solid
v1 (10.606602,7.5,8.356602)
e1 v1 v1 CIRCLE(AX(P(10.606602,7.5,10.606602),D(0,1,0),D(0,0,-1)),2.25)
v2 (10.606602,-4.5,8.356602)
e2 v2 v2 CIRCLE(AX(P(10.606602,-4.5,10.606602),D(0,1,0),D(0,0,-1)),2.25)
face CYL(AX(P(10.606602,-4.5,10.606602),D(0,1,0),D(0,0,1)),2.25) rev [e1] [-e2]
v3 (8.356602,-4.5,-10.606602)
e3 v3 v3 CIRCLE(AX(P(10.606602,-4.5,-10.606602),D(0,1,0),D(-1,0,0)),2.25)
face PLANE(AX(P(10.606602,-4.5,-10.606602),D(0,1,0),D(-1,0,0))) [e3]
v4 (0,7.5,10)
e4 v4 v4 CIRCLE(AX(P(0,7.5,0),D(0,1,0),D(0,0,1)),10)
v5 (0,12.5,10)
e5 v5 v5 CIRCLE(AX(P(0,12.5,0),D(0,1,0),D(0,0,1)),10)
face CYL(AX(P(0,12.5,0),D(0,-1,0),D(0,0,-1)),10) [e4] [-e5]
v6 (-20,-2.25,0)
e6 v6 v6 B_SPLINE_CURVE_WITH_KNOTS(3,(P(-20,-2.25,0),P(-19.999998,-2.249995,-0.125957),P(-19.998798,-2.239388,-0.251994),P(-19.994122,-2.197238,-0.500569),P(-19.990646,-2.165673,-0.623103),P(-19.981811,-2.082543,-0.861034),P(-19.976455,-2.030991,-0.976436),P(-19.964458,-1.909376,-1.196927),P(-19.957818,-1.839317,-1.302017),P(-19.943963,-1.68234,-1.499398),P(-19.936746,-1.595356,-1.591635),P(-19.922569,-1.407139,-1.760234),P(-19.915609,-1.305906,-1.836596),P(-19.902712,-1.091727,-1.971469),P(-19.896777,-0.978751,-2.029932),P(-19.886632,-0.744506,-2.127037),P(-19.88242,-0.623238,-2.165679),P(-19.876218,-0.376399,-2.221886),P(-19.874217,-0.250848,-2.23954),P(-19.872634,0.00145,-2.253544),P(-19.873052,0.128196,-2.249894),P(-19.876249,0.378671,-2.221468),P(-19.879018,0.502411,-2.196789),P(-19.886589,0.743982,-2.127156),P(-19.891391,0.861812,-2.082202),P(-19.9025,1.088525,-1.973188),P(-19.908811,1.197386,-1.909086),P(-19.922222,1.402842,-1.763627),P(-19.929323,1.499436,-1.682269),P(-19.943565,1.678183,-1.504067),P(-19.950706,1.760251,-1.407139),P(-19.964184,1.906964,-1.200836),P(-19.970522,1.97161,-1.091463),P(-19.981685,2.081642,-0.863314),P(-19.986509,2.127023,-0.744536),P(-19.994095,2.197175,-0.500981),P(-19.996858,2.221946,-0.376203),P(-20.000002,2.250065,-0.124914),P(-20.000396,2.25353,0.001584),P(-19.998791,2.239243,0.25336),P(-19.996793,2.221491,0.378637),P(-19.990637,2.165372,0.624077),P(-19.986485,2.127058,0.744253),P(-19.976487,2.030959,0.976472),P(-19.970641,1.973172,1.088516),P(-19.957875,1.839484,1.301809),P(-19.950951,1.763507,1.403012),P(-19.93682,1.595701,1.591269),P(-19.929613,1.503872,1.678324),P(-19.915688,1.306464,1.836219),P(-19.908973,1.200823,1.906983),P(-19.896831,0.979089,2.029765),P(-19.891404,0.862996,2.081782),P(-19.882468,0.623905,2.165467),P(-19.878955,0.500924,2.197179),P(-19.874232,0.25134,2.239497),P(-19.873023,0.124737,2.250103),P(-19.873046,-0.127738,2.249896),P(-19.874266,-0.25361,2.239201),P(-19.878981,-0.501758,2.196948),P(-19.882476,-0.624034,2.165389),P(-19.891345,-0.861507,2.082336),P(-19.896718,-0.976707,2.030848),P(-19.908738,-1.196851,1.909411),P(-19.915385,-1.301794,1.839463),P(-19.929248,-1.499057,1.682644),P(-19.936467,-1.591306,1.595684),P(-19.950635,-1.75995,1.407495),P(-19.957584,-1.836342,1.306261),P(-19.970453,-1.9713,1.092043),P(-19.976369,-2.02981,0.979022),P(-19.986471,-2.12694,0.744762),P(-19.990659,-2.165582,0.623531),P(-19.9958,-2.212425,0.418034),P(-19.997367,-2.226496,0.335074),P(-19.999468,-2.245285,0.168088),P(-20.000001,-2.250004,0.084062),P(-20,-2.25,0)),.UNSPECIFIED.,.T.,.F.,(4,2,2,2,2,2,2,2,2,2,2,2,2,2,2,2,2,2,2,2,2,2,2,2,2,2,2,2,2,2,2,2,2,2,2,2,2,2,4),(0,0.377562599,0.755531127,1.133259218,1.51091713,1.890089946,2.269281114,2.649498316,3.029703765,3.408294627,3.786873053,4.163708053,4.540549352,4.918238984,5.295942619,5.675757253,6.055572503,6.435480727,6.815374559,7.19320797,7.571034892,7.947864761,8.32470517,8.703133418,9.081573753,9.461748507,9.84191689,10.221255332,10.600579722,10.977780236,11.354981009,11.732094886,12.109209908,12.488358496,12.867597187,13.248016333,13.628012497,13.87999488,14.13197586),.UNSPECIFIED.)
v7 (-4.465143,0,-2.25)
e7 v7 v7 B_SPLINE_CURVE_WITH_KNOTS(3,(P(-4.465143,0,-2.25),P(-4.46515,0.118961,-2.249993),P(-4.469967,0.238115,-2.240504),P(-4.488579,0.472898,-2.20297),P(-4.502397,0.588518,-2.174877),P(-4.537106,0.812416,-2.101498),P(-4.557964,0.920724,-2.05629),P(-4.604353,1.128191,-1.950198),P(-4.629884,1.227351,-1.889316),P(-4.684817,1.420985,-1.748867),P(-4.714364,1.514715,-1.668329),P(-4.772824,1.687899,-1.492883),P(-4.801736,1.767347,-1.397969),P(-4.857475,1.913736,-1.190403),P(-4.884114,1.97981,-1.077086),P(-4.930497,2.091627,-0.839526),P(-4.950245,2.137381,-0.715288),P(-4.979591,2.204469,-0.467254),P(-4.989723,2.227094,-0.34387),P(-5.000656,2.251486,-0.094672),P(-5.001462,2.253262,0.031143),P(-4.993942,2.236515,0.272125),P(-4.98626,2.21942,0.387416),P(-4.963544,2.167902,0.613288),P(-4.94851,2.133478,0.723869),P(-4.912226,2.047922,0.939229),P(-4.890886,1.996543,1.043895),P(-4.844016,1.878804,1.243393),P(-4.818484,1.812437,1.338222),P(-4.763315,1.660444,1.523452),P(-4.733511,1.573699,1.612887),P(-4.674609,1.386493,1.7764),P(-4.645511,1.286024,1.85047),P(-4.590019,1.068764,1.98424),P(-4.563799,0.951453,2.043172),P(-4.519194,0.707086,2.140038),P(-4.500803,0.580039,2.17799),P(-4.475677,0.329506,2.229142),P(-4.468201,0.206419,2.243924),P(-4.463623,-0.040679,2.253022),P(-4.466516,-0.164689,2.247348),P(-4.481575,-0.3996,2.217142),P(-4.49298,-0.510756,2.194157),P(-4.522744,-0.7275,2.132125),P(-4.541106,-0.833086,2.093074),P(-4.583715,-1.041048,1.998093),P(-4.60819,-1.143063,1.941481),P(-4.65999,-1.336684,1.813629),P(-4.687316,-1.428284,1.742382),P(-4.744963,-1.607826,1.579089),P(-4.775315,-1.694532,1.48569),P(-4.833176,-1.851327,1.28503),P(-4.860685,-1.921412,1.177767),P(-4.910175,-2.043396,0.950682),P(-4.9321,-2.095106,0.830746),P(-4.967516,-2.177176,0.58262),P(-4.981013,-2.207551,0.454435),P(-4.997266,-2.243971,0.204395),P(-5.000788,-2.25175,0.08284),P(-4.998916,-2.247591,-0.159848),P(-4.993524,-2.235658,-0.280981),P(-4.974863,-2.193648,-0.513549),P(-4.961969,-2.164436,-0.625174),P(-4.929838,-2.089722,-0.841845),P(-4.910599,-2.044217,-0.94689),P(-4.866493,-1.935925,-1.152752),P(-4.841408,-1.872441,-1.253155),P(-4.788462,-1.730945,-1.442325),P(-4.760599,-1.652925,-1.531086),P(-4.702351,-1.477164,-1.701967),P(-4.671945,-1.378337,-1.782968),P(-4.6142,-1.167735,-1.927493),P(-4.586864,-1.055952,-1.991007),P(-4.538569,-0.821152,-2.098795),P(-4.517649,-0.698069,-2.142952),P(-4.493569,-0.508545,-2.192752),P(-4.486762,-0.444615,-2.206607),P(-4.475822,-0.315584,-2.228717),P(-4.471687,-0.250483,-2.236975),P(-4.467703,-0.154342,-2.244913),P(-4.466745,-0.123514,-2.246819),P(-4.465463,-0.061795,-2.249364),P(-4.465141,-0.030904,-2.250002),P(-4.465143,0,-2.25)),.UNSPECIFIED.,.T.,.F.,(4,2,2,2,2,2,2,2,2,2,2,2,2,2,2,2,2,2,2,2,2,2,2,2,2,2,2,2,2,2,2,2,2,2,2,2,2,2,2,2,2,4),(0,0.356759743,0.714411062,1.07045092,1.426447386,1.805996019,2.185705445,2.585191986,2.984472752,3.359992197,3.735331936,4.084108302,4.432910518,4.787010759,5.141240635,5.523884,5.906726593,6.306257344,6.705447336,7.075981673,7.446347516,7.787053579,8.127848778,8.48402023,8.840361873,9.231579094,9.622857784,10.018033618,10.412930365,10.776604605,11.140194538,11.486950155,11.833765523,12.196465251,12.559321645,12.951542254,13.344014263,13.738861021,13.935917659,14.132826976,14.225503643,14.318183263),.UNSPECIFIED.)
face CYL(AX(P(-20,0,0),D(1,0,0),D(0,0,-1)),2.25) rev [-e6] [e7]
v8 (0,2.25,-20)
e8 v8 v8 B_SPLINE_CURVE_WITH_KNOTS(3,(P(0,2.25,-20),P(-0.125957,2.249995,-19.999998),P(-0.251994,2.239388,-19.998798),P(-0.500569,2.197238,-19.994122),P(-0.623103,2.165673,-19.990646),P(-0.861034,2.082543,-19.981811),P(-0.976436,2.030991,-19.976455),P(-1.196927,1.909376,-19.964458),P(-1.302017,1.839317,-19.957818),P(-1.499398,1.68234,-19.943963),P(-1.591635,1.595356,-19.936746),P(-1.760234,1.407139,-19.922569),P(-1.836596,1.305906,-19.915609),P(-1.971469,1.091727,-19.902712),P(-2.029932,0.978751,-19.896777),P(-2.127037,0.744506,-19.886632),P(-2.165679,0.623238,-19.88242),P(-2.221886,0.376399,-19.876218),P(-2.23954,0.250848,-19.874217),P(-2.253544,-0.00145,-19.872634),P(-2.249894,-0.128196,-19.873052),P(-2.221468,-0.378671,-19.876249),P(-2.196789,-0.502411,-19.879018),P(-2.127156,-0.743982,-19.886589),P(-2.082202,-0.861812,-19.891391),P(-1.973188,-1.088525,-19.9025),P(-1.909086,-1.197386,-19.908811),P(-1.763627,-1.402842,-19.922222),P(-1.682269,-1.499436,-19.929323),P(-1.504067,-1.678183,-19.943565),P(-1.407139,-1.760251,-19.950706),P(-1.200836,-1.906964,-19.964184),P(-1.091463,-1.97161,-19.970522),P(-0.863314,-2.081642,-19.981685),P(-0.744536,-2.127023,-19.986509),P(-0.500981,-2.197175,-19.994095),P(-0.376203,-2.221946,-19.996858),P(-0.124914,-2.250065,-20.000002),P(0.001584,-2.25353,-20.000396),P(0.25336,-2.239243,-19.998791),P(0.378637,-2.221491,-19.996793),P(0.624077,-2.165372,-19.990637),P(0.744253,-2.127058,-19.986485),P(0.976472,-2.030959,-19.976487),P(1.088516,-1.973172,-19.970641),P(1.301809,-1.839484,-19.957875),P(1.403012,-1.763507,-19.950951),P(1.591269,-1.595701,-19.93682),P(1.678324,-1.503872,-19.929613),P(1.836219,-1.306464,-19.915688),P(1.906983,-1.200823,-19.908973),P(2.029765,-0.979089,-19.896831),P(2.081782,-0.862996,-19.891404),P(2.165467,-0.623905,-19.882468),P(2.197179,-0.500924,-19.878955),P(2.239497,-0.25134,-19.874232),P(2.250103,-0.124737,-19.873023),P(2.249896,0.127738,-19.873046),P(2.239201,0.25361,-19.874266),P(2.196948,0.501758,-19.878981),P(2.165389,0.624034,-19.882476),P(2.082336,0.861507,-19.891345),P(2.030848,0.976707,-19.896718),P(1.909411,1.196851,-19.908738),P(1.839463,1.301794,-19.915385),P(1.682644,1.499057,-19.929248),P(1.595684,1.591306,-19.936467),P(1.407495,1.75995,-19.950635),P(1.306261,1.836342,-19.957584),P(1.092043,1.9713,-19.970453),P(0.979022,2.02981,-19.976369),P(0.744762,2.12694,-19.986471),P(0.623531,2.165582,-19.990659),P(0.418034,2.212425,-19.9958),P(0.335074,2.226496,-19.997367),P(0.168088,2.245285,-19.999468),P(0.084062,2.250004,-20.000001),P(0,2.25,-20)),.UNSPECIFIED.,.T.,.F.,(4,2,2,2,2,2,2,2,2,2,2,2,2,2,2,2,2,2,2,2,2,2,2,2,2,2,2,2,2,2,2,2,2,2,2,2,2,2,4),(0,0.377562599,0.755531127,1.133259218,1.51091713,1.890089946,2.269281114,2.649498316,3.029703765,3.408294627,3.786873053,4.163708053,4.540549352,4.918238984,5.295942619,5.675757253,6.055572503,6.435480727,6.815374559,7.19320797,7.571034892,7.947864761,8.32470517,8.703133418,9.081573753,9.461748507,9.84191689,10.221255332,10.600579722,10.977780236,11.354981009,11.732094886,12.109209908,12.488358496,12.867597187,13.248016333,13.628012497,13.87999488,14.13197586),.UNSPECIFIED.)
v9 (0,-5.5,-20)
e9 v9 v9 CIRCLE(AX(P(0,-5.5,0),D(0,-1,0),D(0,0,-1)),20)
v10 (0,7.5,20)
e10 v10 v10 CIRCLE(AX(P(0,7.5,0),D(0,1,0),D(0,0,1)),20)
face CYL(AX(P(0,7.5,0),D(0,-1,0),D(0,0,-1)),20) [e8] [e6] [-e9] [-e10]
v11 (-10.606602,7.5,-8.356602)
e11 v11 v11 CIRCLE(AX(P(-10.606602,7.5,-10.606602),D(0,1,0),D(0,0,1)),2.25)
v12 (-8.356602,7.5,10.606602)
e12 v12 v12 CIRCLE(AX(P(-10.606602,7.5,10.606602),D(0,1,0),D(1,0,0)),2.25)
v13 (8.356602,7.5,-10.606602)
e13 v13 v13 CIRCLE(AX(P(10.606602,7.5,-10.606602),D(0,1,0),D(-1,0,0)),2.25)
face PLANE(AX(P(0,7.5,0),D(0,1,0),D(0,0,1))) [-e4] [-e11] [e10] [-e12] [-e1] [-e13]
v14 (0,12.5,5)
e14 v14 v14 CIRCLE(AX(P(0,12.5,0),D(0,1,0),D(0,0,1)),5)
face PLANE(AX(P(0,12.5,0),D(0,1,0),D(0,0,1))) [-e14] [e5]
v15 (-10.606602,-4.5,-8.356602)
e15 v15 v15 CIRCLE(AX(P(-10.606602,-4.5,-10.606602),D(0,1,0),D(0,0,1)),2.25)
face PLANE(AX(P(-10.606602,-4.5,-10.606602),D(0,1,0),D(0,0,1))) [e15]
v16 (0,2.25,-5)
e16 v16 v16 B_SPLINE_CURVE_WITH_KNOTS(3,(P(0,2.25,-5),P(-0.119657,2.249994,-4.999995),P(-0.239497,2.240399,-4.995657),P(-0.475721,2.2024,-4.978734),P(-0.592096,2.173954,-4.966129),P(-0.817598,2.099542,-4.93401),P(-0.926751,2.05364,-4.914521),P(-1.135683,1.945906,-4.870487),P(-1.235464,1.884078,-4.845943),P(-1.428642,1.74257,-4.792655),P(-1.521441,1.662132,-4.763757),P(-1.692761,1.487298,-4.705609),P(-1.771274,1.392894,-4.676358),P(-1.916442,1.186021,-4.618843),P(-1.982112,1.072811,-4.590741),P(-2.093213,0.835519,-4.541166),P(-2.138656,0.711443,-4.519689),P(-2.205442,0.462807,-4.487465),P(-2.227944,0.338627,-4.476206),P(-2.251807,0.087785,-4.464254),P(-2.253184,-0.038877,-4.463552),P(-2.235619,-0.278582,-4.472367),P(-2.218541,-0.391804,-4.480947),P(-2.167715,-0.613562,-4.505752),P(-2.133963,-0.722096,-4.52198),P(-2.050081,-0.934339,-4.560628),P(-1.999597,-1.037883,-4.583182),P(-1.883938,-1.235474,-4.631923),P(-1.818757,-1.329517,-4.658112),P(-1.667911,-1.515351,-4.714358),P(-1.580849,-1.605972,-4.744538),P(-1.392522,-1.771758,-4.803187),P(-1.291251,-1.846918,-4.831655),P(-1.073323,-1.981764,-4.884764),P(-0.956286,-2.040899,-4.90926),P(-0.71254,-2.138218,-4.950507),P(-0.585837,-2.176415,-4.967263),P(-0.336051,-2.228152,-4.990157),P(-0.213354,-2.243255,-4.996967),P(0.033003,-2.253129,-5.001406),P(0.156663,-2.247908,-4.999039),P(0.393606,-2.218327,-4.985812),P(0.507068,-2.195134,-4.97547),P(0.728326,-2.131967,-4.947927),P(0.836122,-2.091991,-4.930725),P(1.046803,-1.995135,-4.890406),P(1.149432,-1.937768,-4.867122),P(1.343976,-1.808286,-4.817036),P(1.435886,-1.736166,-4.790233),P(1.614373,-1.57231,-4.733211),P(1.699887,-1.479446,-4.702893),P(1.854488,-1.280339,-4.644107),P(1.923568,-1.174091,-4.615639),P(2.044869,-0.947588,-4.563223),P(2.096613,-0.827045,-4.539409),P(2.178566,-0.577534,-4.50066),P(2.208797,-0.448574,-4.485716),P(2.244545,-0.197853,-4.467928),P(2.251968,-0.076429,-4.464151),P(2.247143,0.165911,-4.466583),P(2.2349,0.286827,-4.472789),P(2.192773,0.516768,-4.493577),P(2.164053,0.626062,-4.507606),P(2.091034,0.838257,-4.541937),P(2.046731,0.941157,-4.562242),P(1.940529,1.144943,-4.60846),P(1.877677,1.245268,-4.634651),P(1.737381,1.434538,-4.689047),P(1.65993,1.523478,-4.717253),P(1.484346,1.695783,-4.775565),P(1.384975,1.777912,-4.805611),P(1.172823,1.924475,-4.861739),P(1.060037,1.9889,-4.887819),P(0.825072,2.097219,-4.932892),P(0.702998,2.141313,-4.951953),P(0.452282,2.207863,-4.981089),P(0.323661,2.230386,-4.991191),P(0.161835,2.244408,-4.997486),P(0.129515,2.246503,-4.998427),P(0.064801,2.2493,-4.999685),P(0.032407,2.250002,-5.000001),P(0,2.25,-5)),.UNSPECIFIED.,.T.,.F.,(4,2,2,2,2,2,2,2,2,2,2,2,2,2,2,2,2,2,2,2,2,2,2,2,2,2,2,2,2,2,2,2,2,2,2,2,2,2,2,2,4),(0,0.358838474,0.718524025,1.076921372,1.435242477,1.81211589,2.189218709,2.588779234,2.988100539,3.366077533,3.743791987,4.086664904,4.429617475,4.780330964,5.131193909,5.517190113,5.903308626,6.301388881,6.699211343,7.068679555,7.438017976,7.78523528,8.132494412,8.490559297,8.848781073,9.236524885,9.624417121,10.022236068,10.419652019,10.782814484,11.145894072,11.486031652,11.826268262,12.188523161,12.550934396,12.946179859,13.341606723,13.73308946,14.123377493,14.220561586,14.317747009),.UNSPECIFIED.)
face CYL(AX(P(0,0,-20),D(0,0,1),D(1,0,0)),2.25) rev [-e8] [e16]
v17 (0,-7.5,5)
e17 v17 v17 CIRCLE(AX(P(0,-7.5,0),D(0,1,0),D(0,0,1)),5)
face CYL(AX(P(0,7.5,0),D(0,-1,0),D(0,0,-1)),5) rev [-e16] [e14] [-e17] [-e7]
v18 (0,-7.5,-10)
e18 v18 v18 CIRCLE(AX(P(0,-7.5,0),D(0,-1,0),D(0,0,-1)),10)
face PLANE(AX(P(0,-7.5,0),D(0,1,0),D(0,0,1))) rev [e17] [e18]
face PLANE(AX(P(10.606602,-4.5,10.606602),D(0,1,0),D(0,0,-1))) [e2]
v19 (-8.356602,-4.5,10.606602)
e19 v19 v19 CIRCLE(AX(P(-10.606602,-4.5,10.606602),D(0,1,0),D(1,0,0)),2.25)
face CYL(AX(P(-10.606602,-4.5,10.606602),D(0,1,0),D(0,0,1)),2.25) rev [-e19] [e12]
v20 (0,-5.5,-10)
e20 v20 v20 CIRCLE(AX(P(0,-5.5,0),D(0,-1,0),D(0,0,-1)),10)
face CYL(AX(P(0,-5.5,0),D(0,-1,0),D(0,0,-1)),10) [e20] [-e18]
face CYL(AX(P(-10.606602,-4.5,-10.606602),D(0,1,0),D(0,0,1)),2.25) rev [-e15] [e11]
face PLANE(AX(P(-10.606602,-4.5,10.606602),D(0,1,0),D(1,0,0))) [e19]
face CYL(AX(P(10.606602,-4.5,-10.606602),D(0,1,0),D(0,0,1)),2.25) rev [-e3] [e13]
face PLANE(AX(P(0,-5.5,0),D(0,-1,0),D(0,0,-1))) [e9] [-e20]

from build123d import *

# Parameters (mm, degrees)
SKETCH1_R           = 20
SKETCH1_R_2         = 5
BOSS_EXTRUDE1_DEPTH = 7.5
SKETCH2_R           = 2.25
CUT_EXTRUDE1_DEPTH  = 12
CIRPATTERN1_COUNT   = 4
SKETCH3_R           = 2.25
CUT_EXTRUDE2_DEPTH  = 21
CIRPATTERN2_COUNT   = 2
CIRPATTERN2_ANGLE   = 90
SKETCH4_R           = 23.708466839
SKETCH4_R_2         = 10
CUT_EXTRUDE3_DEPTH  = 2
SKETCH5_R           = 10
SKETCH5_R_2         = 5
BOSS_EXTRUDE2_DEPTH = 5


with BuildPart() as part:
    # Sketch1 → Boss-Extrude1 (new body, symmetric)
    with BuildSketch(Plane(origin=(0, 0, 0), x_dir=(1, 0, 0), z_dir=(0, 1, 0))):
        Circle(SKETCH1_R)
        Circle(SKETCH1_R_2, mode=Mode.SUBTRACT)
    extrude(amount=BOSS_EXTRUDE1_DEPTH, both=True)

    # Sketch2 → Cut-Extrude1 (cut)
    with BuildSketch(Plane(origin=(0, 7.5, 0), x_dir=(1, 0, 0), z_dir=(0, 1, 0))):
        with Locations((-10.606601718, 10.606601718)):
            Circle(SKETCH2_R)
    cut_extrude1 = extrude(amount=-CUT_EXTRUDE1_DEPTH, mode=Mode.SUBTRACT)

    # CirPattern1: Cut-Extrude1 ×4 about axis
    cirpattern1_axis = Axis((0, 0, 0), (0, 1, 0))
    for i in range(1, CIRPATTERN1_COUNT):
        add(cut_extrude1.rotate(cirpattern1_axis, i * 360 / CIRPATTERN1_COUNT), mode=Mode.SUBTRACT)

    # Sketch3 → Cut-Extrude2 (cut, through all)
    with BuildSketch(Plane.XY):
        Circle(SKETCH3_R)
    cut_extrude2 = extrude(amount=-CUT_EXTRUDE2_DEPTH, mode=Mode.SUBTRACT)

    # CirPattern2: Cut-Extrude2 ×2 about axis
    cirpattern2_axis = Axis((0, 7.5, 0), (0, 1, 0))
    for i in range(1, CIRPATTERN2_COUNT):
        add(cut_extrude2.rotate(cirpattern2_axis, i * CIRPATTERN2_ANGLE / (CIRPATTERN2_COUNT - 1)), mode=Mode.SUBTRACT)

    # Sketch4 → Cut-Extrude3 (cut)
    with BuildSketch(Plane.XZ.offset(7.5)):
        Circle(SKETCH4_R)
        Circle(SKETCH4_R_2, mode=Mode.SUBTRACT)
    extrude(amount=-CUT_EXTRUDE3_DEPTH, mode=Mode.SUBTRACT)

    # Sketch5 → Boss-Extrude2 (add)
    with BuildSketch(Plane(origin=(0, 7.5, 0), x_dir=(1, 0, 0), z_dir=(0, 1, 0))):
        Circle(SKETCH5_R)
        Circle(SKETCH5_R_2, mode=Mode.SUBTRACT)
    extrude(amount=BOSS_EXTRUDE2_DEPTH)


solid = part.part
